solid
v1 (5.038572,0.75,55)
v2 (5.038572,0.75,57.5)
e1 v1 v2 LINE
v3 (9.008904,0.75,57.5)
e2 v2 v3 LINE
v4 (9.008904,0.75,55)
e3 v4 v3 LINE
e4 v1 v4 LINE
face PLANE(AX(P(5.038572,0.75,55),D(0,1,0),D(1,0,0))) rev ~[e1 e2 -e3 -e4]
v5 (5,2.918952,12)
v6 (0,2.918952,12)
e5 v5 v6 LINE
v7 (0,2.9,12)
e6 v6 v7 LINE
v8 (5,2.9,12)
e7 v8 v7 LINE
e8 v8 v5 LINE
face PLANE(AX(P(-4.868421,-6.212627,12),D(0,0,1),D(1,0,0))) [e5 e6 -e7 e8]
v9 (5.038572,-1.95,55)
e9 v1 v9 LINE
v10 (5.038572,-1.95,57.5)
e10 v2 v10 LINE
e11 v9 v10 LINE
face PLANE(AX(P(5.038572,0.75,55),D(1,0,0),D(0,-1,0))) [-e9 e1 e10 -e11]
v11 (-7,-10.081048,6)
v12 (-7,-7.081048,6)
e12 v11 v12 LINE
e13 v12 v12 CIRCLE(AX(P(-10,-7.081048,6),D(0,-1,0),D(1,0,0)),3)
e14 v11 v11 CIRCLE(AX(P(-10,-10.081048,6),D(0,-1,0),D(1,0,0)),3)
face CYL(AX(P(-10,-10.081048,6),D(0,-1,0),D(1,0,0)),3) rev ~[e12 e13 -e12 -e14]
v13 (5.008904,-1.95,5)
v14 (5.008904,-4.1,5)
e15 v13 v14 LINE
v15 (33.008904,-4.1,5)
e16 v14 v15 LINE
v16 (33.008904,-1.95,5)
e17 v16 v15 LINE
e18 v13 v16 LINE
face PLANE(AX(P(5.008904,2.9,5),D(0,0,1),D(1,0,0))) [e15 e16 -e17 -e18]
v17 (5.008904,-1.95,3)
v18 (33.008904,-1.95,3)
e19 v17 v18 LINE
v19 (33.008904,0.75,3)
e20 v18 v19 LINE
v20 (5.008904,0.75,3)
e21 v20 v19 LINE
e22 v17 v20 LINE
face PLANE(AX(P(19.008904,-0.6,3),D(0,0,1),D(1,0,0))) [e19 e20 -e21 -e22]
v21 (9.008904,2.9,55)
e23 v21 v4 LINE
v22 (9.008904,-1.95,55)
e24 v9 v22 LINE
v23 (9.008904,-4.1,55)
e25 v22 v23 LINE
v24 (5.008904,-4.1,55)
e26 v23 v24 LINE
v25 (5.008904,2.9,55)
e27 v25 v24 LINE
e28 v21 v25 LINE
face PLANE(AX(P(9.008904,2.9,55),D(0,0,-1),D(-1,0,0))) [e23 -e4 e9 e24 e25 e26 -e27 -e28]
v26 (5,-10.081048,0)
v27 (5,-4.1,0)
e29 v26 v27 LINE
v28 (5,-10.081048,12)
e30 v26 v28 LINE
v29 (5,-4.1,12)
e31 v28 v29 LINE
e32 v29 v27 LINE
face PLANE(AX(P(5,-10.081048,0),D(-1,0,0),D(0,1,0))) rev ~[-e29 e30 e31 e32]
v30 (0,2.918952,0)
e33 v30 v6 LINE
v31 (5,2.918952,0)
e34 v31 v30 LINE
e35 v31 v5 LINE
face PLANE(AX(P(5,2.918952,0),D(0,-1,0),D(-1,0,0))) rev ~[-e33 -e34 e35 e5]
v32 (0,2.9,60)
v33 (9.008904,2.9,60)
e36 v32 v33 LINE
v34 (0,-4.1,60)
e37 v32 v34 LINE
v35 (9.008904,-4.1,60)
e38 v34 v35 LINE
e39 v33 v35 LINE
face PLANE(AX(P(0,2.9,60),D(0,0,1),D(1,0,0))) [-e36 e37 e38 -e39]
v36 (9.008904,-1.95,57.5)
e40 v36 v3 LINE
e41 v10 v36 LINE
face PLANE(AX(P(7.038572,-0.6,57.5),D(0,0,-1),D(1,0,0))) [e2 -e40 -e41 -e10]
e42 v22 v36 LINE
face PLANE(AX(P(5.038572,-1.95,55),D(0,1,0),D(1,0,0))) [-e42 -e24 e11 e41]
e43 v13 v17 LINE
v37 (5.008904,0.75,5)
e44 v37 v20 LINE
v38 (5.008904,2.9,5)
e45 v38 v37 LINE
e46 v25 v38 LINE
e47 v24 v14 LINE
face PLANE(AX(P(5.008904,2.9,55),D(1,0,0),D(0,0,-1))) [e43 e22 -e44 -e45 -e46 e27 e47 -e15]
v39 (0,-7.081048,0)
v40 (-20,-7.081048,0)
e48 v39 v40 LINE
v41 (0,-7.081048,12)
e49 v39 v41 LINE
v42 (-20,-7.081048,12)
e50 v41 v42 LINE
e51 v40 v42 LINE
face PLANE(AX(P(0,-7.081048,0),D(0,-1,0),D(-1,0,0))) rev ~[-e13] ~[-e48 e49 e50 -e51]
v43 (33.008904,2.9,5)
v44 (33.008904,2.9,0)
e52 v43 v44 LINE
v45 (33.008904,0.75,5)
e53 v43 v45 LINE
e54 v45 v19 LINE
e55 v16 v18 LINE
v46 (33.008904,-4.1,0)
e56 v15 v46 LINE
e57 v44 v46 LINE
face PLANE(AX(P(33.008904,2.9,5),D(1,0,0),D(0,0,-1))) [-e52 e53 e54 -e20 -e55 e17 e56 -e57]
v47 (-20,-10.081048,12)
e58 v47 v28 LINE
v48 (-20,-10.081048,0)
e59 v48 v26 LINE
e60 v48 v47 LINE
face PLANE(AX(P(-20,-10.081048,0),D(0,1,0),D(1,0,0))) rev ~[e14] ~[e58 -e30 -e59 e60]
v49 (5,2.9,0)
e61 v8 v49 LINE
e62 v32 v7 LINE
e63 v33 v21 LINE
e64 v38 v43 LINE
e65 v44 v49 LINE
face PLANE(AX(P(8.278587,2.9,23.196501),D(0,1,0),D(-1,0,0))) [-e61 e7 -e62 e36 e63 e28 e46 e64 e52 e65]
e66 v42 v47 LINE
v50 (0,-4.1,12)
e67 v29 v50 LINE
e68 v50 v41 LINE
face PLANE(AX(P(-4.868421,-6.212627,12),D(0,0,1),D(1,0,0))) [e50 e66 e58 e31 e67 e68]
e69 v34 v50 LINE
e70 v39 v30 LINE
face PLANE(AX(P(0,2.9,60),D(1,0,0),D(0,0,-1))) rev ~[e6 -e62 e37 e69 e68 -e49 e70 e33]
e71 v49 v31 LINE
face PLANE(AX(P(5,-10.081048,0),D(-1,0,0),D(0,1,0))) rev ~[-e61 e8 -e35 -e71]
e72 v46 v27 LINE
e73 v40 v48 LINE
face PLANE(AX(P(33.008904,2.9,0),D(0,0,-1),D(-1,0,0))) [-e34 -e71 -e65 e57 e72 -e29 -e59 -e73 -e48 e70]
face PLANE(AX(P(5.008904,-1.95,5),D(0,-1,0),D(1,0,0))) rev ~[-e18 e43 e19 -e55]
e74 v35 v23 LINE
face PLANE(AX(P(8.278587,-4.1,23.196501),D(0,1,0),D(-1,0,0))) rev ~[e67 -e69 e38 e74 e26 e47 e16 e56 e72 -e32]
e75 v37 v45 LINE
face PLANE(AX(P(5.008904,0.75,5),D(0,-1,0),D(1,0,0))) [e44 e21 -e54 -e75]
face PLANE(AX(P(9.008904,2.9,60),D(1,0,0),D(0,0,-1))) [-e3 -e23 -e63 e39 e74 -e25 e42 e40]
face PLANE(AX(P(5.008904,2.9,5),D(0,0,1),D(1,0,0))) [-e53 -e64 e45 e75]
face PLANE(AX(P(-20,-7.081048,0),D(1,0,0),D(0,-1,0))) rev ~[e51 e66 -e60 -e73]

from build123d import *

# Parameters (mm, degrees)
PAD_DEPTH       = 12
SKETCH001_R     = 3
HOLE_DEPTH      = 13.001
PAD001_DEPTH    = 7
SKETCH003_W     = 28
SKETCH003_H     = 2.7
POCKET_DEPTH    = 2
SKETCH004_W     = 4
SKETCH004_H     = 2.7
POCKET001_DEPTH = 2.5


with BuildPart() as part:
    # Sketch → Pad (new body)
    with BuildSketch(Plane.XY):
        Polygon((-20, -10.081048), (5, -10.081048), (5, 2.918952), (0, 2.918952), (0, -7.081048), (-20, -7.081048), align=None)
    extrude(amount=PAD_DEPTH)

    # Sketch001 (on Face1 of Pad) → Hole (cut, through all)
    with BuildSketch(Plane.XZ.offset(10.081048)):
        with Locations((-10, 6)):
            Circle(SKETCH001_R)
    extrude(amount=-HOLE_DEPTH, mode=Mode.SUBTRACT)

    # Sketch002 → Pad001 (join)
    with BuildSketch(Plane.XZ.offset(-2.9)):
        Polygon((33.008904, 5), (33.008904, 0), (0, 0), (0, 11.991246), (0, 60), (9.008904, 60), (9.008904, 55), (5.008904, 55), (5.008904, 5), align=None)
    extrude(amount=PAD001_DEPTH)

    # Sketch003 (on Face15 of Pad001) → Pocket (cut)
    with BuildSketch(Plane(origin=(0, -6, 5), x_dir=(1, 0, 0), z_dir=(0, 0, 1))):
        with Locations((19.008904, 5.4)):
            Rectangle(SKETCH003_W, SKETCH003_H)
    extrude(amount=-POCKET_DEPTH, mode=Mode.SUBTRACT)

    # Sketch004 (on Face17 of Pocket) → Pocket001 (cut)
    with BuildSketch(Plane(origin=(54, 23, 55), x_dir=(1, 0, 0), z_dir=(0, 0, -1))):
        with Locations((-46.961428, 23.6)):
            Rectangle(SKETCH004_W, SKETCH004_H)
    extrude(amount=-POCKET001_DEPTH, mode=Mode.SUBTRACT)


solid = part.part
